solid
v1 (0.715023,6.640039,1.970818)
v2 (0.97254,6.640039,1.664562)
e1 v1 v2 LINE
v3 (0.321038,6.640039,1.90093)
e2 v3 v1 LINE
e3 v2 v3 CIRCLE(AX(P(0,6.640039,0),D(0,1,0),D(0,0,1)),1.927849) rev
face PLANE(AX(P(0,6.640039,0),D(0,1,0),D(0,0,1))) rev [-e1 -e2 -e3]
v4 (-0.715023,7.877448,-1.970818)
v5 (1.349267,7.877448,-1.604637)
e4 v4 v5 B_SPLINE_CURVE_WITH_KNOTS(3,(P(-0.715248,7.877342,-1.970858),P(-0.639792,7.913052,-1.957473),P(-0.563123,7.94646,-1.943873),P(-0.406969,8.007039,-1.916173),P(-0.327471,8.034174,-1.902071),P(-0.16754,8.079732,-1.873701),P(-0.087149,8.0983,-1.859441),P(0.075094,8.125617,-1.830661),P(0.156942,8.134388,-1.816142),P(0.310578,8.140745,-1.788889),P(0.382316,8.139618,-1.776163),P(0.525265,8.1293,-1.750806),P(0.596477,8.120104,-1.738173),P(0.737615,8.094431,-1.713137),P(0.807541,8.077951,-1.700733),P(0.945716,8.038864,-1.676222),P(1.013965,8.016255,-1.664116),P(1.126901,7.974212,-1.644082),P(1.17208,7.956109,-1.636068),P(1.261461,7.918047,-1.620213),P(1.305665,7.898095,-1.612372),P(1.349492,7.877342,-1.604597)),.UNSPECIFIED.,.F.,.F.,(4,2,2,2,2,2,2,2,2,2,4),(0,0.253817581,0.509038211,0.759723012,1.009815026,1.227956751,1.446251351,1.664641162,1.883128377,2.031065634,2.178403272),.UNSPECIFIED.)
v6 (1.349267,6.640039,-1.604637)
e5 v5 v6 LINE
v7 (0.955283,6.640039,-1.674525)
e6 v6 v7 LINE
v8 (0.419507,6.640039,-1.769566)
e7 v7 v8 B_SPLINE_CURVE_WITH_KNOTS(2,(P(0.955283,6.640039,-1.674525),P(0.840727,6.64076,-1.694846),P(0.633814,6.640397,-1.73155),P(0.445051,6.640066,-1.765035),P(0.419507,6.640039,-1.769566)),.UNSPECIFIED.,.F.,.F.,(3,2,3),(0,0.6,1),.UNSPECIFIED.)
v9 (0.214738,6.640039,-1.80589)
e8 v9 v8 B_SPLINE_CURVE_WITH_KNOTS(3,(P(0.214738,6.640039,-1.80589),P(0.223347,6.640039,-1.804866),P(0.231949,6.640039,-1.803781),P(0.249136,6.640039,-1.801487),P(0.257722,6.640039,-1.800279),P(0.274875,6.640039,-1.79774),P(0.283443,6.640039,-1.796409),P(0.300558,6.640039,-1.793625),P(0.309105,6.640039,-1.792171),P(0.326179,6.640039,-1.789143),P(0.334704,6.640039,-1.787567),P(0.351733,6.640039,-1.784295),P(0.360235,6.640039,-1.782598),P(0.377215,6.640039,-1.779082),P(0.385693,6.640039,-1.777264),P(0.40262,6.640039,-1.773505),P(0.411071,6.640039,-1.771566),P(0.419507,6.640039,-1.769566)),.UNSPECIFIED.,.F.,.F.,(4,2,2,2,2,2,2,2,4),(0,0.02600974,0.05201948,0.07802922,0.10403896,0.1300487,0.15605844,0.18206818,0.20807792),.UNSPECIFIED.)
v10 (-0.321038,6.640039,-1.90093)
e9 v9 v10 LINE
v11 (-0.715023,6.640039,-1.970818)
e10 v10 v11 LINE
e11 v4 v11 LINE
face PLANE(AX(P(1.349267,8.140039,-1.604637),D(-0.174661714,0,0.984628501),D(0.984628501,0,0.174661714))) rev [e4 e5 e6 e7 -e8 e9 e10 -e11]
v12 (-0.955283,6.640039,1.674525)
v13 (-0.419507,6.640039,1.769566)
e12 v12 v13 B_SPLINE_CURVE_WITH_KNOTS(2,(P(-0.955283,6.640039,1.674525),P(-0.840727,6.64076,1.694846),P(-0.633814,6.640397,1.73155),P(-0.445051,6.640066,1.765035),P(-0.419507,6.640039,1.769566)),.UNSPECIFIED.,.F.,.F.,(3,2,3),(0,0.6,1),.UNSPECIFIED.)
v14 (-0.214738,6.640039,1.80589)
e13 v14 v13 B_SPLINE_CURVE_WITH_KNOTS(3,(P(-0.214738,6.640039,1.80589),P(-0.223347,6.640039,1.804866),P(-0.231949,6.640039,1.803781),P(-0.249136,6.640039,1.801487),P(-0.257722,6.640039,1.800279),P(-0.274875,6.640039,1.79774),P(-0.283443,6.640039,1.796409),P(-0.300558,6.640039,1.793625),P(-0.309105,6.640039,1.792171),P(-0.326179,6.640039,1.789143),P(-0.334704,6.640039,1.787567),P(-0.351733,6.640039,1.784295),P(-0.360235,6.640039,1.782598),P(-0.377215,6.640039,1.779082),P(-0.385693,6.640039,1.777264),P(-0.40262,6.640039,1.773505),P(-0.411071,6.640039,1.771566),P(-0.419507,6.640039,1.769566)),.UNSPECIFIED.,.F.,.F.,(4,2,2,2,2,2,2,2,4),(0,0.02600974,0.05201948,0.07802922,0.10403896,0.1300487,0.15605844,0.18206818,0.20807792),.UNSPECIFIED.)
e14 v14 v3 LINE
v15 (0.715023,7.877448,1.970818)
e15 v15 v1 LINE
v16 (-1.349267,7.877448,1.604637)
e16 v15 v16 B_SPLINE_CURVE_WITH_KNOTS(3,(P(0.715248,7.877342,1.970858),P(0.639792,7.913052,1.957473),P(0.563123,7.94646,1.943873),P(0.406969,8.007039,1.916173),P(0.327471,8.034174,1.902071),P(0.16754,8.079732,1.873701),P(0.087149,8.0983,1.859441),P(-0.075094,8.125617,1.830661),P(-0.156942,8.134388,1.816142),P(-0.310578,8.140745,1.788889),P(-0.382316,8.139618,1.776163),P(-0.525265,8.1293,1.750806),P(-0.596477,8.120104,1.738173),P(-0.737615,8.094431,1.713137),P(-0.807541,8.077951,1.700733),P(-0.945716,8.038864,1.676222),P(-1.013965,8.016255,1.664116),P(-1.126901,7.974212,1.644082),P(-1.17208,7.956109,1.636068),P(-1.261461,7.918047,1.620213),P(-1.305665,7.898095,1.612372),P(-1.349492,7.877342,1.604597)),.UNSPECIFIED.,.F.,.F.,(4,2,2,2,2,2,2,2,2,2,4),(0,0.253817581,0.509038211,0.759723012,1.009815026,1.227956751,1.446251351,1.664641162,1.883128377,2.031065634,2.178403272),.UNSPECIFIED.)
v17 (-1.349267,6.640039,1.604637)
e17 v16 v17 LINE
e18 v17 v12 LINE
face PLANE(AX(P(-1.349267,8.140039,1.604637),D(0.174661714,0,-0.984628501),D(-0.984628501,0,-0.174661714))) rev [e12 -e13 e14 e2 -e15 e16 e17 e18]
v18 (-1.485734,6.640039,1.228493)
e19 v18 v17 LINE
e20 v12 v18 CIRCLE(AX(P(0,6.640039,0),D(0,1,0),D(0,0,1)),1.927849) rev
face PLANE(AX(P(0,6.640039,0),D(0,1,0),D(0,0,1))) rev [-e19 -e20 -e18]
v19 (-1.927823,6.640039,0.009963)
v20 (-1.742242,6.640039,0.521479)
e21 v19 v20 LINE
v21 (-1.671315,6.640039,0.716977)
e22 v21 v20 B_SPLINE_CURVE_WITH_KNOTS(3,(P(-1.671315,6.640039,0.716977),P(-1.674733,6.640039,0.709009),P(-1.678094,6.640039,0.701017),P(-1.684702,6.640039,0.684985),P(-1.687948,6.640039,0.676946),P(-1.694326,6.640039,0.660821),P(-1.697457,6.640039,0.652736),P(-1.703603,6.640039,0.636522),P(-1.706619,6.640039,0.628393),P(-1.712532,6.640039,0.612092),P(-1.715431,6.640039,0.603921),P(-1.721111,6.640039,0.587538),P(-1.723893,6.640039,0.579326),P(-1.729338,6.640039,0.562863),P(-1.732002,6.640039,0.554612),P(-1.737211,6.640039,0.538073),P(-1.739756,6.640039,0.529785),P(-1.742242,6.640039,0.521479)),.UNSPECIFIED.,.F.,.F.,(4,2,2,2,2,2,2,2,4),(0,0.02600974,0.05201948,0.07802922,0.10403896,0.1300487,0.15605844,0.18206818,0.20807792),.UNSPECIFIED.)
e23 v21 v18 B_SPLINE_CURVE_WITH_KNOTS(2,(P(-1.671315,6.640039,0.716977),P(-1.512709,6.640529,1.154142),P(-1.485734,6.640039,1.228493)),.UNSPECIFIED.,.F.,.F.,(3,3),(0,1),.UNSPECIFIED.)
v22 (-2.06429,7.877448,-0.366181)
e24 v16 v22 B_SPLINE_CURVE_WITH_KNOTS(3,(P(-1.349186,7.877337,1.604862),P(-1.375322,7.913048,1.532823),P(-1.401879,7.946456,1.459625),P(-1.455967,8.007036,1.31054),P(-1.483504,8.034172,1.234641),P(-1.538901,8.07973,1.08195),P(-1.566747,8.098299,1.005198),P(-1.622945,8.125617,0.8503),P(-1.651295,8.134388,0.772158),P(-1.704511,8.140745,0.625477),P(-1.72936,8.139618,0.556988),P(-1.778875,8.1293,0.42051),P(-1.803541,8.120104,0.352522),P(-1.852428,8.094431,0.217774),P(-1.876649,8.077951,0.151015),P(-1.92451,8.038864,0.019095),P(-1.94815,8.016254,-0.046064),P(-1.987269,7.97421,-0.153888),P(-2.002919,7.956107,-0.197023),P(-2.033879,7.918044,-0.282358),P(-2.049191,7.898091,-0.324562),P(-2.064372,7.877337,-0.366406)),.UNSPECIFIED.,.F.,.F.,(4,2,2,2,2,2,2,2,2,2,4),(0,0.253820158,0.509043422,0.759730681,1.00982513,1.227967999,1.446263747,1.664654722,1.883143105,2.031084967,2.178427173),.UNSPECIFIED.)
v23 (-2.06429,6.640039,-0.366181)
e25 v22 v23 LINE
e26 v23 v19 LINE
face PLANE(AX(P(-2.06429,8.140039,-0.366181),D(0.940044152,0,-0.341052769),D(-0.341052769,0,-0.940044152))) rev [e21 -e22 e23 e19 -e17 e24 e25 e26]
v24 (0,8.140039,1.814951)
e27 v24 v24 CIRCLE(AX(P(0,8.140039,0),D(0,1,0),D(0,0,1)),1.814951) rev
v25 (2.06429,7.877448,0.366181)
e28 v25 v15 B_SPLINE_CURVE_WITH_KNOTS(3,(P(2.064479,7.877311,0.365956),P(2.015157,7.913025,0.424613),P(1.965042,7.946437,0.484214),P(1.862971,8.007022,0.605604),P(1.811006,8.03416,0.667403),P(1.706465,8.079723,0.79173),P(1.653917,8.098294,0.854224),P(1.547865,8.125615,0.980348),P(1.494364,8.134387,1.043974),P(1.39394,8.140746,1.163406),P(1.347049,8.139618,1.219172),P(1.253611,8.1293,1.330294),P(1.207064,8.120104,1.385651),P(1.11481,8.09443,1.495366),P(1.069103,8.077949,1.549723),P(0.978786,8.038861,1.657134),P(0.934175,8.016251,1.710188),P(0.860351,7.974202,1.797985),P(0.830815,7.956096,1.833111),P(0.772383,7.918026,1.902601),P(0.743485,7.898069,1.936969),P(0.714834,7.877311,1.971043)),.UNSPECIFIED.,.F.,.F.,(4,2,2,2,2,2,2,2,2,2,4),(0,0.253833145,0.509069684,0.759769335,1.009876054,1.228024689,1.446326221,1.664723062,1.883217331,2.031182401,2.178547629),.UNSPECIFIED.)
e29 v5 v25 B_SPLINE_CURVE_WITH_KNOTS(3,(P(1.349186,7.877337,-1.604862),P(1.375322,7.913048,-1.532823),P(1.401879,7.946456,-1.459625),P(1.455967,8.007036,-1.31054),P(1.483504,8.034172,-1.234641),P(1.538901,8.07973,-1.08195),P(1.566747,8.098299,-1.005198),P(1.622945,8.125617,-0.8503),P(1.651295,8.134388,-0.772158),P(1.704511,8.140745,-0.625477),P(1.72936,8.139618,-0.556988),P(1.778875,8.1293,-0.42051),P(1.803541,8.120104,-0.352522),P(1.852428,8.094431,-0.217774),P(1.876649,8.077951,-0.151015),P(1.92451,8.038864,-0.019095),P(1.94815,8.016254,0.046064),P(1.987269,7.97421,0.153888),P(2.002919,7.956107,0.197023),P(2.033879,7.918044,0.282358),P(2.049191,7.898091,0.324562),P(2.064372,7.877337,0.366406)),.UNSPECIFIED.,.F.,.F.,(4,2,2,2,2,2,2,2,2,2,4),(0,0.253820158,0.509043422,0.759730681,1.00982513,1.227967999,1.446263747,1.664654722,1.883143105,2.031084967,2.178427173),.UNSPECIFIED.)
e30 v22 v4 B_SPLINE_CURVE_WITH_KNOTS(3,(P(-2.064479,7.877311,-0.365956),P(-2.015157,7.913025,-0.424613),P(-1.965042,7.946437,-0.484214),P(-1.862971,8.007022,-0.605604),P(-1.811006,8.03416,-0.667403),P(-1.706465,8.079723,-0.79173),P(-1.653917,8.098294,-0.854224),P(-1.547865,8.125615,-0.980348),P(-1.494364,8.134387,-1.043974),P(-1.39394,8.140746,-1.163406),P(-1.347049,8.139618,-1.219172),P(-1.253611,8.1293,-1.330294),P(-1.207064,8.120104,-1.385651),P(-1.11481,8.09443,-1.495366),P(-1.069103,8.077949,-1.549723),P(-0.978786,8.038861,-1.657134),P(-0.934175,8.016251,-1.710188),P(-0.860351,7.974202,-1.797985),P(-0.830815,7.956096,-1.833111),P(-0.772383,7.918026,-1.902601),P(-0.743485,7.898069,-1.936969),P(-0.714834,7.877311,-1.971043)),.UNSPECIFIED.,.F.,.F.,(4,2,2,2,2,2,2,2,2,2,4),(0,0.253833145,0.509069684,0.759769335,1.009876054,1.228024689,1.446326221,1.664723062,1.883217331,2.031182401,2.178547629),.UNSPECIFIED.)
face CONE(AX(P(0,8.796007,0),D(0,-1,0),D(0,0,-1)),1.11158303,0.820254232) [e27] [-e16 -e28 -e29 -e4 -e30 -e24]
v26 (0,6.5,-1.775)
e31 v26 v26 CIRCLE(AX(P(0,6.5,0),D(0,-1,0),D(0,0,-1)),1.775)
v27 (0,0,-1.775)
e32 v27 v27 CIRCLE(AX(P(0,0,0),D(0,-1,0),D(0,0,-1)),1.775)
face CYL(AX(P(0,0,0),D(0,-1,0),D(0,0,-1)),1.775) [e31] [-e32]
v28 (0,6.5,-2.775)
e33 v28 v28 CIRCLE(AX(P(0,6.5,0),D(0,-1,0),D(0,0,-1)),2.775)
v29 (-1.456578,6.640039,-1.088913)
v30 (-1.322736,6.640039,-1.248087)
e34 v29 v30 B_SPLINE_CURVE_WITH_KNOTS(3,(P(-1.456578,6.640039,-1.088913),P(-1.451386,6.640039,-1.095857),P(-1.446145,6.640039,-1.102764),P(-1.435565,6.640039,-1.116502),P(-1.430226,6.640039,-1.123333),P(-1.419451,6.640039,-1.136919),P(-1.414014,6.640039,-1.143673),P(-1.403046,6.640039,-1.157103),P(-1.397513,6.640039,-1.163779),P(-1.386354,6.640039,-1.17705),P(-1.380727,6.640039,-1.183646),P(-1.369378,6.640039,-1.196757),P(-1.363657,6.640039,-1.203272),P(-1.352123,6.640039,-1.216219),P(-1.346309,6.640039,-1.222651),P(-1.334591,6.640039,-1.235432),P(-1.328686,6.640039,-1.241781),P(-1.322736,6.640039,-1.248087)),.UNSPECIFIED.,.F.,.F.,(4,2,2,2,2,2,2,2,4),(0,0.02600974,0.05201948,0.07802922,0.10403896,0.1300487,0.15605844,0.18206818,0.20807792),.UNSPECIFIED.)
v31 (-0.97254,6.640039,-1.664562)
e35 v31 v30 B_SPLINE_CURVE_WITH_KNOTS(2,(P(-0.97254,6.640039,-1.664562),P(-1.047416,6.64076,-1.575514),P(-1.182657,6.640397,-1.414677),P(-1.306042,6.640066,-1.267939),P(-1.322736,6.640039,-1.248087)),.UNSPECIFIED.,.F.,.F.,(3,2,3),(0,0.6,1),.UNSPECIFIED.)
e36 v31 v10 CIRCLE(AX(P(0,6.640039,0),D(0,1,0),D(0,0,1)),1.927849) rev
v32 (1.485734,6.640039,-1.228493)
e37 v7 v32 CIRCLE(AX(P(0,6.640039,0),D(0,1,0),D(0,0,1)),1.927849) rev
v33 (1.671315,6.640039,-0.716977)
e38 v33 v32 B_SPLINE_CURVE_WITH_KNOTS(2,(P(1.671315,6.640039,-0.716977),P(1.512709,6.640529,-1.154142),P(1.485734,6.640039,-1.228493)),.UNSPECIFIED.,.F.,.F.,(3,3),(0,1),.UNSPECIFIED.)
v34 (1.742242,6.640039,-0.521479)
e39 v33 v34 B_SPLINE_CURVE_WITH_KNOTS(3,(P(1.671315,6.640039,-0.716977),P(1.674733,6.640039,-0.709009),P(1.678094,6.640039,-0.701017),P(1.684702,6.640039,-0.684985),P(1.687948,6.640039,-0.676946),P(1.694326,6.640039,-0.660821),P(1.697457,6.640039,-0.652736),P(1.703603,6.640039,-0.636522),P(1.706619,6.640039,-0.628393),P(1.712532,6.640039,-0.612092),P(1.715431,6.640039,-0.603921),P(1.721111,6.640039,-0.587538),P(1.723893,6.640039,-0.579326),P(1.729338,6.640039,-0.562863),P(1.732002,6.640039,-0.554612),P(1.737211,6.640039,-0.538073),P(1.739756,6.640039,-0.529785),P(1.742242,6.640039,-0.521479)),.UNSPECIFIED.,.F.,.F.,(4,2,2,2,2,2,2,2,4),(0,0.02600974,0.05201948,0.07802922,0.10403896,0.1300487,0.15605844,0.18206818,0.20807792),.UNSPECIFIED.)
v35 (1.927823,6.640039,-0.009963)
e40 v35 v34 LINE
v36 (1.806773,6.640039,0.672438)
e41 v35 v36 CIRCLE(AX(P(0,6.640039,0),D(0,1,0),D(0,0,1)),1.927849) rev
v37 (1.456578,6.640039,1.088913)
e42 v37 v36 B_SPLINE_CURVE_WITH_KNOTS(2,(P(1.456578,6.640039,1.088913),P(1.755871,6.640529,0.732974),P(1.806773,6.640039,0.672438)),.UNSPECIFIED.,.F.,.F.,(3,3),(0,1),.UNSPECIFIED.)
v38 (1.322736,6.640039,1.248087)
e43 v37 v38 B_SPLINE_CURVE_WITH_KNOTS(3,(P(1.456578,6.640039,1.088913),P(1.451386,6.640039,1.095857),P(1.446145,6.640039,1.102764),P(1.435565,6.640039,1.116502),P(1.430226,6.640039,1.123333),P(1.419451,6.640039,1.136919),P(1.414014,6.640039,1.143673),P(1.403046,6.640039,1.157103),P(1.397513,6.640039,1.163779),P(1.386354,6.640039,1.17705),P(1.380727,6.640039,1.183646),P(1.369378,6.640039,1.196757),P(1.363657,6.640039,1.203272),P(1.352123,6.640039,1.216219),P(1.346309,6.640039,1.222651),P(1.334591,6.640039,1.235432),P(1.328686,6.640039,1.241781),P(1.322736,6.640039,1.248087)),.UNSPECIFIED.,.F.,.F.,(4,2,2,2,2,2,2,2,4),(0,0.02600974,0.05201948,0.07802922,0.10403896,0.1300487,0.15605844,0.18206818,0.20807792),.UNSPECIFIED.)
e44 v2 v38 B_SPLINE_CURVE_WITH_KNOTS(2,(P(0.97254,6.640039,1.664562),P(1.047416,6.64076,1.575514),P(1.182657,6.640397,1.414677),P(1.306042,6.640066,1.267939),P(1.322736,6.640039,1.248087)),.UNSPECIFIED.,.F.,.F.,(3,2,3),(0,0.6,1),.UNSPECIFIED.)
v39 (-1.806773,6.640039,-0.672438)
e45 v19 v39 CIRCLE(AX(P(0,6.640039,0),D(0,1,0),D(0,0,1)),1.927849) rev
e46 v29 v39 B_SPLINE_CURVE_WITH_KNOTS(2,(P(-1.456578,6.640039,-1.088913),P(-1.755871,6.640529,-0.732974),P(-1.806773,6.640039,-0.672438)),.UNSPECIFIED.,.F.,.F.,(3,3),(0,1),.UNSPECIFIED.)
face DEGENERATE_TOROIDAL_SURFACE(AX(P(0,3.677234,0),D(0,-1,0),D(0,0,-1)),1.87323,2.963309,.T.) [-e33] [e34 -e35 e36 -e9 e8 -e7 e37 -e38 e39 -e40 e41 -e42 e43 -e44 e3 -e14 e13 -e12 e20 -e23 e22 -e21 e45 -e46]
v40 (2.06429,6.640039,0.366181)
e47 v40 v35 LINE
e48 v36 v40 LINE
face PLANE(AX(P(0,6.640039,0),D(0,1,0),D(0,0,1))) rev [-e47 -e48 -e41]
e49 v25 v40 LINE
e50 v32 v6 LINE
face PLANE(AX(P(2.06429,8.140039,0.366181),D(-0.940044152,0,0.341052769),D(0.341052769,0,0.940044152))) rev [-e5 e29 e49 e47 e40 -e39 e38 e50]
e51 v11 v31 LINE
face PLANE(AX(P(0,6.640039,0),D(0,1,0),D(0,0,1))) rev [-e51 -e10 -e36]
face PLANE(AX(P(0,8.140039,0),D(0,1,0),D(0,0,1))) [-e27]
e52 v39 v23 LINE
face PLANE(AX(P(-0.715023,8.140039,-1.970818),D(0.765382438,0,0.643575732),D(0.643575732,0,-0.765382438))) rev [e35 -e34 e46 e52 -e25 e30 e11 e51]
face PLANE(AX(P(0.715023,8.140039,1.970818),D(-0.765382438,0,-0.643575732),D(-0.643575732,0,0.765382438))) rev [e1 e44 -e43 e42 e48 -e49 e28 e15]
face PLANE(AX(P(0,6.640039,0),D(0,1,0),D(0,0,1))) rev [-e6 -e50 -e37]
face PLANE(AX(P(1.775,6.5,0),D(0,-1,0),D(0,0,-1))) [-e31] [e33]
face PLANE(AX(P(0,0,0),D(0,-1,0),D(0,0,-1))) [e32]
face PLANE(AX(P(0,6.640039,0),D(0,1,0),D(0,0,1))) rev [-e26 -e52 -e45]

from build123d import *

# Parameters (mm, degrees)
BOSS_EXTRUDE1_DEPTH = 1.5


with BuildPart() as part:
    # Sketch1 → Revolve1 (revolve)
    with BuildSketch(Plane.XY, mode=Mode.PRIVATE) as revolve1_sk:
        with BuildLine():
            Line((0, 0), (1.775, 0))
            Line((1.775, 0), (1.775, 6.5))
            Line((1.775, 6.5), (2.775, 6.5))
            ThreePointArc((2.775, 6.5), (2.302554278, 6.609277193), (1.818611947, 6.640038943))
            Line((1.818611947, 6.640038943), (0, 6.640038943))
            Line((0, 6.640038943), (0, 0))
        make_face()
    revolve(revolve1_sk.sketch.rotate(Axis((0, 0, 0), (0, 1, 0)), 90), axis=Axis((0, 0, 0), (0, 1, 0)))

    # Sketch2 → Boss-Extrude1 (add)
    with BuildSketch(Plane(origin=(0, 6.640038943, 0), x_dir=(1, 0, 0), z_dir=(0, 1, 0))):
        Polygon((1.349267315, 1.604637118), (-0.71502285, 1.97081833), (-2.064290165, 0.366181213), (-1.349267315, -1.604637118), (0.71502285, -1.97081833), (2.064290165, -0.366181213), align=None)
    extrude(amount=BOSS_EXTRUDE1_DEPTH)

    # Sketch3 → Cut-Revolve1 (revolve, cut)
    with BuildSketch(Plane.XY, mode=Mode.PRIVATE) as cut_revolve1_sk:
        Polygon((1.11158303, 8.796006759), (2.422382115, 7.573543033), (2.422382115, 8.796006759), align=None)
    revolve(cut_revolve1_sk.sketch.rotate(Axis((0, 0, 0), (0, 1, 0)), 90), axis=Axis((0, 0, 0), (0, 1, 0)), mode=Mode.SUBTRACT)


solid = part.part
